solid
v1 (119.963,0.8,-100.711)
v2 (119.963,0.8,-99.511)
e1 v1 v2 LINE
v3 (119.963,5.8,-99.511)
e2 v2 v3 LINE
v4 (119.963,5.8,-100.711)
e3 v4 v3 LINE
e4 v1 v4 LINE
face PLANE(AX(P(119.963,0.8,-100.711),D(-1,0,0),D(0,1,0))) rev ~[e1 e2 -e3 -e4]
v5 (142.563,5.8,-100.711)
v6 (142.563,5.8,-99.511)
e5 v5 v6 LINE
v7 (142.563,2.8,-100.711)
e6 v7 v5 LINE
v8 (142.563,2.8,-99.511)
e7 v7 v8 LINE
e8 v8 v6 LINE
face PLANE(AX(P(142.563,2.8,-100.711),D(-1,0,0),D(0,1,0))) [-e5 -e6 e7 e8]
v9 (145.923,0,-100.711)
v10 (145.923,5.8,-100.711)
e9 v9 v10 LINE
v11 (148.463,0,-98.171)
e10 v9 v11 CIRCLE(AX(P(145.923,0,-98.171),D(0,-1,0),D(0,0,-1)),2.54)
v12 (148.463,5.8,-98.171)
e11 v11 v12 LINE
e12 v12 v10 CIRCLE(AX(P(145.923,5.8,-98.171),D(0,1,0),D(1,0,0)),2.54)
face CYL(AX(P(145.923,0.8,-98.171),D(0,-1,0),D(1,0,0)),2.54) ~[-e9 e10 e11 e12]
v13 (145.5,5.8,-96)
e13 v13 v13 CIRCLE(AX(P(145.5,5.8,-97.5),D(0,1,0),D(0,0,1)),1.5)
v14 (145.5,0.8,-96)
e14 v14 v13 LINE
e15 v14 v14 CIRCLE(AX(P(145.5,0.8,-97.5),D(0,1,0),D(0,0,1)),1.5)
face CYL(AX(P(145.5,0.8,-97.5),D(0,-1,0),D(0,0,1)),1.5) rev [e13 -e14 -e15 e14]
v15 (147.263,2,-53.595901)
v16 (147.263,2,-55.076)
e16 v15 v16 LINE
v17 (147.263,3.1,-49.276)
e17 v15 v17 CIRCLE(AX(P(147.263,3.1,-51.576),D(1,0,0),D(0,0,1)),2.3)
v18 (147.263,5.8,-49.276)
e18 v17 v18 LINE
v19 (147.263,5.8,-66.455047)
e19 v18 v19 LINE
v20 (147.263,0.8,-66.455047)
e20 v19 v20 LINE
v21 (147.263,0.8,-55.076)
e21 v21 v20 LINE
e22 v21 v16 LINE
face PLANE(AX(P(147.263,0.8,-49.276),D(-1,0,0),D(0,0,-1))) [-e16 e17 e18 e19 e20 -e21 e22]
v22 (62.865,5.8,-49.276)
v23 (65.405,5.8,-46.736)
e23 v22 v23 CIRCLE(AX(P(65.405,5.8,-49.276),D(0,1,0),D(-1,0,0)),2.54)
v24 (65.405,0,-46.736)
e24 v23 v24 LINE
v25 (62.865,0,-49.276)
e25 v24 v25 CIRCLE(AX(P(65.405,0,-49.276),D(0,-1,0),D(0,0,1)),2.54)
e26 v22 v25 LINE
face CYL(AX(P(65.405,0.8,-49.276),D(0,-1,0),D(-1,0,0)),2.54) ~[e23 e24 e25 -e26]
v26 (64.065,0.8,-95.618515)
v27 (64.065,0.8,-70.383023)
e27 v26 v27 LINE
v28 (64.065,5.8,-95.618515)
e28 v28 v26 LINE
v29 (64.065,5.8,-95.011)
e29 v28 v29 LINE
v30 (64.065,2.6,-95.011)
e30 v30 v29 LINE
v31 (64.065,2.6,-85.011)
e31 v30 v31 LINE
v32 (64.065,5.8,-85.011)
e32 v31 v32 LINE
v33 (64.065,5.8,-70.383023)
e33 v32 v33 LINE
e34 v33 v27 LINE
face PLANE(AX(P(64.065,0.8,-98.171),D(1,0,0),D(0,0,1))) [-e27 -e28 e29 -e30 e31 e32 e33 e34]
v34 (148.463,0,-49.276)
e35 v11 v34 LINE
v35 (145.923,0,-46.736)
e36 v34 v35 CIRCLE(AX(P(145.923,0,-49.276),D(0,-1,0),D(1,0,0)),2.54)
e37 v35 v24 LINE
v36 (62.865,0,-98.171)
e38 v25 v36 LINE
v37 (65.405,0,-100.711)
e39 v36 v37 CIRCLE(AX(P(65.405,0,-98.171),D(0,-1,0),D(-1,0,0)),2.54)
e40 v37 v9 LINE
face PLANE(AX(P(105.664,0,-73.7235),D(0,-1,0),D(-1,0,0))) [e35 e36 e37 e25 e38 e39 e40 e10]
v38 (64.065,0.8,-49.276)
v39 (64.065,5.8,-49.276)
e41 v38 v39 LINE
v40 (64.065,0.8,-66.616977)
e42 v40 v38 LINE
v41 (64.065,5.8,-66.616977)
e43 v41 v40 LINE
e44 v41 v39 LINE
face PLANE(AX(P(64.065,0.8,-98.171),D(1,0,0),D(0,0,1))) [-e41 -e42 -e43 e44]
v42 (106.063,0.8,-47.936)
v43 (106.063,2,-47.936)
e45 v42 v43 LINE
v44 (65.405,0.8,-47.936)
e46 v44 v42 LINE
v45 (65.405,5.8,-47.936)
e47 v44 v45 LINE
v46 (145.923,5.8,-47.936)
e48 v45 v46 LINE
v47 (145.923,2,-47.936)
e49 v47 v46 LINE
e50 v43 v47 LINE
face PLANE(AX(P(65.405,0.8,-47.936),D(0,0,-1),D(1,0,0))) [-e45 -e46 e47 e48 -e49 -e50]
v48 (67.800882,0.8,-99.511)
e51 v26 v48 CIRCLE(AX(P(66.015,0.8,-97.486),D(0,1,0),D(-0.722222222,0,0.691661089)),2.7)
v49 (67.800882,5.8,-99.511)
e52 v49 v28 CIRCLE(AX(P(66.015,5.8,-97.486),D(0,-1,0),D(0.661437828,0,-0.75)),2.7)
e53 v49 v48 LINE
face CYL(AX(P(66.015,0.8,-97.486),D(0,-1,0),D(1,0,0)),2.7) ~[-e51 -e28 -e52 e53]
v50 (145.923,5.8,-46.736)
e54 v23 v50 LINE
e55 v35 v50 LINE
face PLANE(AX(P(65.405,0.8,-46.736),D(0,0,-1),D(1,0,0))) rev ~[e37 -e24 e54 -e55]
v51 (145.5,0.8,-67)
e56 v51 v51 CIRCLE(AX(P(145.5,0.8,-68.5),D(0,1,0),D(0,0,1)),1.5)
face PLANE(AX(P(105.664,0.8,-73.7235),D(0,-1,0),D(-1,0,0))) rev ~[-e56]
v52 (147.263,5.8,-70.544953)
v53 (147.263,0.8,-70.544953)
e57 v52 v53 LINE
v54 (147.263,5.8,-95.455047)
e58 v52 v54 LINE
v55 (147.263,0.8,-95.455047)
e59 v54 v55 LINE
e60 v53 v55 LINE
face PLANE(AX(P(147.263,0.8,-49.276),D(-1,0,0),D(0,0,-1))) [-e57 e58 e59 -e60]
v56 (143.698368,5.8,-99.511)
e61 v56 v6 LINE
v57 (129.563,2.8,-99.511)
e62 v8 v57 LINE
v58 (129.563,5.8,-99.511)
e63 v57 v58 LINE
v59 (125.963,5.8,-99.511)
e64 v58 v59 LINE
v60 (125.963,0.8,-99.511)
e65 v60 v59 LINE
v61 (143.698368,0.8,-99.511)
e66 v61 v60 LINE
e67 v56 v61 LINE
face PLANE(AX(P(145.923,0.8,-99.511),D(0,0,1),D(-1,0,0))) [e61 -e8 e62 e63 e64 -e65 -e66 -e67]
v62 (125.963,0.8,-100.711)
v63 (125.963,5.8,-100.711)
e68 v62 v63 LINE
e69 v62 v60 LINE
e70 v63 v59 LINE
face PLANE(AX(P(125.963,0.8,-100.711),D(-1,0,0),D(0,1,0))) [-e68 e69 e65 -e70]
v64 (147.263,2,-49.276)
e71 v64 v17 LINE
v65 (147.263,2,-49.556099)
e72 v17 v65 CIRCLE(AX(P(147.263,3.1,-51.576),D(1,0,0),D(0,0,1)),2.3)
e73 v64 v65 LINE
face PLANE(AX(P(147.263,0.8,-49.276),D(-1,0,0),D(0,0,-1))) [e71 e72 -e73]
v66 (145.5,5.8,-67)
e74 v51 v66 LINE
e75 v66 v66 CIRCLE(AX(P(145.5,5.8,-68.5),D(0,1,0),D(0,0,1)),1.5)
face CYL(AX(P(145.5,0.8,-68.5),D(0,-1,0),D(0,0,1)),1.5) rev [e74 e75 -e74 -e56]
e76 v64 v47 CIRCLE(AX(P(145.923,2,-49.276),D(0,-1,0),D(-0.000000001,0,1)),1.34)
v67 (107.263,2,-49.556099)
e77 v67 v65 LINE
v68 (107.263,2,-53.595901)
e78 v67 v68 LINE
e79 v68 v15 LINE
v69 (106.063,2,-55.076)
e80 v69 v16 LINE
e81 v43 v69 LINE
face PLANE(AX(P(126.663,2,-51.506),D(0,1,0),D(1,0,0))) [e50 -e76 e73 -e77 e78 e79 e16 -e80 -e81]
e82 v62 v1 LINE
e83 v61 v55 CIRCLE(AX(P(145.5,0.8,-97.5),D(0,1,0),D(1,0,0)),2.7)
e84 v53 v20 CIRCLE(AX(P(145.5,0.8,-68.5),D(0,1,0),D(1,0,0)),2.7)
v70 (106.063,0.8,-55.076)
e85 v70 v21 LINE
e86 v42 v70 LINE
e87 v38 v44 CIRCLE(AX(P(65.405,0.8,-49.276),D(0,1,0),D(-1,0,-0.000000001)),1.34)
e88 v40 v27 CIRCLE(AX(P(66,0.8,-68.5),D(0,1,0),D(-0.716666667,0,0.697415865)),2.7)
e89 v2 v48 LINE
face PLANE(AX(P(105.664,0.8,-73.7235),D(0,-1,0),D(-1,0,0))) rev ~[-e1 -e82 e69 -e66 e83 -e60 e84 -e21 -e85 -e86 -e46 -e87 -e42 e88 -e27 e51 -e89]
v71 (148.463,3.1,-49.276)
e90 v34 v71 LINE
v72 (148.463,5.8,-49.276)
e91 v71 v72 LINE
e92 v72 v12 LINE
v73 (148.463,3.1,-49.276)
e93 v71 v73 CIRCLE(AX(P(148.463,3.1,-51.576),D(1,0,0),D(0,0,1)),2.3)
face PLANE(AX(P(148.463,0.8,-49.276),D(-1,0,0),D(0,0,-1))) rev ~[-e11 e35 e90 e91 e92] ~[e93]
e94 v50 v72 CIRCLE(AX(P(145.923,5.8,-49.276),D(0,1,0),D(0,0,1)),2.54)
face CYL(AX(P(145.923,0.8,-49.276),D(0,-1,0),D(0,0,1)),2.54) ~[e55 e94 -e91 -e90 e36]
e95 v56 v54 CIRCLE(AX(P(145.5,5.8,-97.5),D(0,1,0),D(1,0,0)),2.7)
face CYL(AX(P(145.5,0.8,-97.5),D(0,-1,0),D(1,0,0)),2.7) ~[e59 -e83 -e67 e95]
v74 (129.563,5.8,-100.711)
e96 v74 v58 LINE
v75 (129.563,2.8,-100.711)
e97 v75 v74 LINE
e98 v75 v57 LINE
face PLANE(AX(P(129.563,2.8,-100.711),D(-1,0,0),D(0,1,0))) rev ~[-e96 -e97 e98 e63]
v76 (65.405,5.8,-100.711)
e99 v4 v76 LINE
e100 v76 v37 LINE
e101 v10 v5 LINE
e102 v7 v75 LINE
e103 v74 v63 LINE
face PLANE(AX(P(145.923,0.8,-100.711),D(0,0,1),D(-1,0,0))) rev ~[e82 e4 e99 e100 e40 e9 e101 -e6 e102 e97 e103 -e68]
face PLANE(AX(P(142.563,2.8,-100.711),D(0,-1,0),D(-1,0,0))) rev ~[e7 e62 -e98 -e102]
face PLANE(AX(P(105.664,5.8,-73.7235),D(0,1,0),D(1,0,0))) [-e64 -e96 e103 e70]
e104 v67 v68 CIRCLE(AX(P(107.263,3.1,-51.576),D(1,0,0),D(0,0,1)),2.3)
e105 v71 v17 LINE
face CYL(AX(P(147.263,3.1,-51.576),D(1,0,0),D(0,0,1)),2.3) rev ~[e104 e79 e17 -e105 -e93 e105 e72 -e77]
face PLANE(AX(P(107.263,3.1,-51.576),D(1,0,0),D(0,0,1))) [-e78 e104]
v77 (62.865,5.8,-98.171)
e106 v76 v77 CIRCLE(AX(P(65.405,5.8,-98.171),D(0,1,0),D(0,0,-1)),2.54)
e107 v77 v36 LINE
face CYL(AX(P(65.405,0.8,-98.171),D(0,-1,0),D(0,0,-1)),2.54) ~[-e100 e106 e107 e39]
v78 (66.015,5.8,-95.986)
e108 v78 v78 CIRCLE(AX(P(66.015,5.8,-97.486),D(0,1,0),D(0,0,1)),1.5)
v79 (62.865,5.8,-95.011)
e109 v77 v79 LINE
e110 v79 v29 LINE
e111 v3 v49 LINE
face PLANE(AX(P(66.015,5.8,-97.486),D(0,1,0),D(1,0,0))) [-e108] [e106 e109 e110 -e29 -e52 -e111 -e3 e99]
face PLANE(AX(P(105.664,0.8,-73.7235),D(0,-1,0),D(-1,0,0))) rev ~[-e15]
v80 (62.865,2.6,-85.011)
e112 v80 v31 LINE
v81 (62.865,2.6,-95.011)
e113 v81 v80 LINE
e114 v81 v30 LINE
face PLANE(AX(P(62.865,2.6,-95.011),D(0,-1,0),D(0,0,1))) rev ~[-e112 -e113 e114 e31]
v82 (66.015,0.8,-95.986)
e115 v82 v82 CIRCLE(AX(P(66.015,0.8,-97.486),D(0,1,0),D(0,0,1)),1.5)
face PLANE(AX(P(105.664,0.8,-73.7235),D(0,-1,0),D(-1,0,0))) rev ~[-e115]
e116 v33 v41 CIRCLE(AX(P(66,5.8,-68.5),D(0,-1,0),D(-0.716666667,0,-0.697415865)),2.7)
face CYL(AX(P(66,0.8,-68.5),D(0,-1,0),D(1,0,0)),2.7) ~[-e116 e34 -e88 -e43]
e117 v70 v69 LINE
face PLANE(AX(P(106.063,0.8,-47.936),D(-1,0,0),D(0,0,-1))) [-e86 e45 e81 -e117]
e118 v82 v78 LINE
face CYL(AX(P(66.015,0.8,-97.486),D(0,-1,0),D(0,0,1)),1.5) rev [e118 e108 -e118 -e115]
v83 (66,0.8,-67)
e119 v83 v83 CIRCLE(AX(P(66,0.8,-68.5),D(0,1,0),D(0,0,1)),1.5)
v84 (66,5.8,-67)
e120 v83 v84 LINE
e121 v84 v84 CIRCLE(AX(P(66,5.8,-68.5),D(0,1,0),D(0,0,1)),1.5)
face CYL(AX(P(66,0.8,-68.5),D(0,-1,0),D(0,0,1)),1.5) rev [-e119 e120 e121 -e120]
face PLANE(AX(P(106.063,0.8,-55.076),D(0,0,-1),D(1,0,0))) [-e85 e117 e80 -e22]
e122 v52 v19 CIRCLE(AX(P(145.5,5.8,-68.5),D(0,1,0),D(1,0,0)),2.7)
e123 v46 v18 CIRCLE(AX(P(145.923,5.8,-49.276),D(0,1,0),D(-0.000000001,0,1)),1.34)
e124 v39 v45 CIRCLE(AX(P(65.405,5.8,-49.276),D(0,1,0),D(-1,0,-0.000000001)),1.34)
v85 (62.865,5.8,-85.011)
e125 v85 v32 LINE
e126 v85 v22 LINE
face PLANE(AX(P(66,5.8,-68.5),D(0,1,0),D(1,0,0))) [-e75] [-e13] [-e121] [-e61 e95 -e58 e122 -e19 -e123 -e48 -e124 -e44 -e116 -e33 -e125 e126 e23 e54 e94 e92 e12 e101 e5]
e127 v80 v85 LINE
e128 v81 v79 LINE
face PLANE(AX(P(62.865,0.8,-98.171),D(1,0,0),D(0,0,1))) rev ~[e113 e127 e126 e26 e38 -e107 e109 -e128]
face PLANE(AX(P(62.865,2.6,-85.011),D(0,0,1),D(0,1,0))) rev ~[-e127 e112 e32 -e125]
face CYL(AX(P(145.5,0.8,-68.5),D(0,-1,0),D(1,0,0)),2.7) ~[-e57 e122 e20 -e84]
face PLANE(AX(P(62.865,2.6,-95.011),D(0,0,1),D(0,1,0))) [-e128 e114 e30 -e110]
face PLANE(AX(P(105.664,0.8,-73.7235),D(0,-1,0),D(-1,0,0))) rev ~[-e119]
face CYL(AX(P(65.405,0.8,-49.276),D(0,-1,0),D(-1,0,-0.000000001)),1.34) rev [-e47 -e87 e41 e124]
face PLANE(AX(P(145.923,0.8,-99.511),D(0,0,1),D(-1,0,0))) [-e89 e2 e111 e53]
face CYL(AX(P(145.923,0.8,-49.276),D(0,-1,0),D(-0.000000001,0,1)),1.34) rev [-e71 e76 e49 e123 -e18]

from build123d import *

# Parameters (mm, degrees)
BOSS_EXTRUDE1_DEPTH = 0.8
BOSS_EXTRUDE2_DEPTH = 5
SKETCH4_W           = 10
SKETCH4_H           = 3.2
CUT_EXTRUDE1_DEPTH  = 1.2
SKETCH6_W           = 6
SKETCH6_H           = 5
CUT_EXTRUDE2_DEPTH  = 1.2
SKETCH7_W           = 13
SKETCH7_H           = 3
CUT_EXTRUDE3_DEPTH  = 1.2
SKETCH8_R           = 2.7
SKETCH8_R_2         = 1.5
BOSS_EXTRUDE4_DEPTH = 5
SKETCH9_R           = 2.7
SKETCH9_R_2         = 1.5
BOSS_EXTRUDE5_DEPTH = 5
SKETCH10_R          = 2.7
SKETCH10_R_2        = 1.5
BOSS_EXTRUDE6_DEPTH = 5
SKETCH11_R          = 2.7
SKETCH11_R_2        = 1.5
BOSS_EXTRUDE7_DEPTH = 5
SKETCH13_R          = 2.3
CUT_EXTRUDE8_DEPTH  = 5
SKETCH15_W          = 41.2
SKETCH15_H          = 7.14
BOSS_EXTRUDE9_DEPTH = 1.2
SKETCH16_R          = 2.3
CUT_EXTRUDE9_DEPTH  = 40


with BuildPart() as part:
    # Sketch1 → Boss-Extrude1 (new body)
    with BuildSketch(Plane(origin=(0, 0, 0), x_dir=(1, 0, 0), z_dir=(0, 1, 0))):
        with BuildLine():
            Line((62.865, 49.276), (62.865, 98.171))
            ThreePointArc((62.865, 98.171), (63.608948776, 99.967051224), (65.405, 100.711))
            Line((65.405, 100.711), (145.923, 100.711))
            ThreePointArc((145.923, 100.711), (147.719051224, 99.967051224), (148.463, 98.171))
            Line((148.463, 98.171), (148.463, 49.276))
            ThreePointArc((148.463, 49.276), (147.719051224, 47.479948776), (145.923, 46.736))
            Line((145.923, 46.736), (65.405, 46.736))
            ThreePointArc((65.405, 46.736), (63.608948776, 47.479948776), (62.865, 49.276))
        make_face()
    extrude(amount=BOSS_EXTRUDE1_DEPTH)

    # Sketch3 → Boss-Extrude2 (add)
    with BuildSketch(Plane(origin=(0, 0.8, 0), x_dir=(1, 0, 0), z_dir=(0, 1, 0))):
        with BuildLine():
            Line((65.405, 46.736), (145.923, 46.736))
            ThreePointArc((145.923, 46.736), (147.719051224, 47.479948776), (148.463, 49.276))
            Line((148.463, 49.276), (148.463, 98.171))
            ThreePointArc((148.463, 98.171), (147.719051224, 99.967051224), (145.923, 100.711))
            Line((145.923, 100.711), (65.405, 100.711))
            ThreePointArc((65.405, 100.711), (63.608948776, 99.967051224), (62.865, 98.171))
            Line((62.865, 98.171), (62.865, 49.276))
            ThreePointArc((62.865, 49.276), (63.608948776, 47.479948776), (65.405, 46.736))
        make_face()
        with BuildLine():
            Line((64.065, 98.171), (64.065, 49.276))
            ThreePointArc((64.065, 49.276), (64.457476913, 48.328476913), (65.405, 47.936))
            Line((65.405, 47.936), (145.923, 47.936))
            ThreePointArc((145.923, 47.936), (146.870523087, 48.328476913), (147.263, 49.276))
            Line((147.263, 49.276), (147.263, 98.171))
            ThreePointArc((147.263, 98.171), (146.870523087, 99.118523087), (145.923, 99.511))
            Line((145.923, 99.511), (65.405, 99.511))
            ThreePointArc((65.405, 99.511), (64.457476913, 99.118523087), (64.065, 98.171))
        make_face(mode=Mode.SUBTRACT)
    extrude(amount=BOSS_EXTRUDE2_DEPTH)

    # Sketch4 → Cut-Extrude1 (cut)
    with BuildSketch(Plane.ZY.offset(-62.865)):
        with Locations((-90.011, 4.2)):
            Rectangle(SKETCH4_W, SKETCH4_H)
    extrude(amount=-CUT_EXTRUDE1_DEPTH, mode=Mode.SUBTRACT)

    # Sketch6 → Cut-Extrude2 (cut)
    with BuildSketch(Plane(origin=(0, 0, -100.711), x_dir=(-1, 0, 0), z_dir=(0, 0, -1))):
        with Locations((-122.963, 3.3)):
            Rectangle(SKETCH6_W, SKETCH6_H)
    extrude(amount=-CUT_EXTRUDE2_DEPTH, mode=Mode.SUBTRACT)

    # Sketch7 → Cut-Extrude3 (cut)
    with BuildSketch(Plane(origin=(0, 0, -100.711), x_dir=(-1, 0, 0), z_dir=(0, 0, -1))):
        with Locations((-136.063, 4.3)):
            Rectangle(SKETCH7_W, SKETCH7_H)
    extrude(amount=-CUT_EXTRUDE3_DEPTH, mode=Mode.SUBTRACT)

    # Sketch8 → Boss-Extrude4 (add)
    with BuildSketch(Plane(origin=(0, 0.8, 0), x_dir=(1, 0, 0), z_dir=(0, 1, 0))):
        with Locations((66.015, 97.486)):
            Circle(SKETCH8_R)
        with Locations(Location((66.015, 97.486, 0), (0, 0, 270))):
            Circle(SKETCH8_R_2, mode=Mode.SUBTRACT)
    extrude(amount=BOSS_EXTRUDE4_DEPTH)

    # Sketch9 → Boss-Extrude5 (add)
    with BuildSketch(Plane(origin=(0, 0.8, 0), x_dir=(1, 0, 0), z_dir=(0, 1, 0))):
        with Locations((145.5, 97.5)):
            Circle(SKETCH9_R)
        with Locations(Location((145.5, 97.5, 0), (0, 0, 270))):
            Circle(SKETCH9_R_2, mode=Mode.SUBTRACT)
    extrude(amount=BOSS_EXTRUDE5_DEPTH)

    # Sketch10 → Boss-Extrude6 (add)
    with BuildSketch(Plane(origin=(0, 0.8, 0), x_dir=(1, 0, 0), z_dir=(0, 1, 0))):
        with Locations((66, 68.5)):
            Circle(SKETCH10_R)
        with Locations(Location((66, 68.5, 0), (0, 0, 270))):
            Circle(SKETCH10_R_2, mode=Mode.SUBTRACT)
    extrude(amount=BOSS_EXTRUDE6_DEPTH)

    # Sketch11 → Boss-Extrude7 (add)
    with BuildSketch(Plane(origin=(0, 0.8, 0), x_dir=(1, 0, 0), z_dir=(0, 1, 0))):
        with Locations((145.5, 68.5)):
            Circle(SKETCH11_R)
        with Locations(Location((145.5, 68.5, 0), (0, 0, 270))):
            Circle(SKETCH11_R_2, mode=Mode.SUBTRACT)
    extrude(amount=BOSS_EXTRUDE7_DEPTH)

    # Sketch13 → Cut-Extrude8 (cut)
    with BuildSketch(Plane(origin=(148.463, 0, 0), x_dir=(0, 0, -1), z_dir=(1, 0, 0))):
        with Locations(Location((51.576, 3.1, 0), (0, 0, 180))):
            Circle(SKETCH13_R)
    extrude(amount=-CUT_EXTRUDE8_DEPTH, mode=Mode.SUBTRACT)

    # Sketch15 → Boss-Extrude9 (add)
    with BuildSketch(Plane(origin=(0, 0.8, 0), x_dir=(1, 0, 0), z_dir=(0, 1, 0))):
        with Locations((126.663, 51.506)):
            Rectangle(SKETCH15_W, SKETCH15_H)
    extrude(amount=BOSS_EXTRUDE9_DEPTH)

    # Sketch16 → Cut-Extrude9 (cut)
    with BuildSketch(Plane(origin=(147.263, 0, 0), x_dir=(0, 0, -1), z_dir=(1, 0, 0))):
        with Locations(Location((51.576, 3.1, 0), (0, 0, 180))):
            Circle(SKETCH16_R)
    extrude(amount=-CUT_EXTRUDE9_DEPTH, mode=Mode.SUBTRACT)


solid = part.part
